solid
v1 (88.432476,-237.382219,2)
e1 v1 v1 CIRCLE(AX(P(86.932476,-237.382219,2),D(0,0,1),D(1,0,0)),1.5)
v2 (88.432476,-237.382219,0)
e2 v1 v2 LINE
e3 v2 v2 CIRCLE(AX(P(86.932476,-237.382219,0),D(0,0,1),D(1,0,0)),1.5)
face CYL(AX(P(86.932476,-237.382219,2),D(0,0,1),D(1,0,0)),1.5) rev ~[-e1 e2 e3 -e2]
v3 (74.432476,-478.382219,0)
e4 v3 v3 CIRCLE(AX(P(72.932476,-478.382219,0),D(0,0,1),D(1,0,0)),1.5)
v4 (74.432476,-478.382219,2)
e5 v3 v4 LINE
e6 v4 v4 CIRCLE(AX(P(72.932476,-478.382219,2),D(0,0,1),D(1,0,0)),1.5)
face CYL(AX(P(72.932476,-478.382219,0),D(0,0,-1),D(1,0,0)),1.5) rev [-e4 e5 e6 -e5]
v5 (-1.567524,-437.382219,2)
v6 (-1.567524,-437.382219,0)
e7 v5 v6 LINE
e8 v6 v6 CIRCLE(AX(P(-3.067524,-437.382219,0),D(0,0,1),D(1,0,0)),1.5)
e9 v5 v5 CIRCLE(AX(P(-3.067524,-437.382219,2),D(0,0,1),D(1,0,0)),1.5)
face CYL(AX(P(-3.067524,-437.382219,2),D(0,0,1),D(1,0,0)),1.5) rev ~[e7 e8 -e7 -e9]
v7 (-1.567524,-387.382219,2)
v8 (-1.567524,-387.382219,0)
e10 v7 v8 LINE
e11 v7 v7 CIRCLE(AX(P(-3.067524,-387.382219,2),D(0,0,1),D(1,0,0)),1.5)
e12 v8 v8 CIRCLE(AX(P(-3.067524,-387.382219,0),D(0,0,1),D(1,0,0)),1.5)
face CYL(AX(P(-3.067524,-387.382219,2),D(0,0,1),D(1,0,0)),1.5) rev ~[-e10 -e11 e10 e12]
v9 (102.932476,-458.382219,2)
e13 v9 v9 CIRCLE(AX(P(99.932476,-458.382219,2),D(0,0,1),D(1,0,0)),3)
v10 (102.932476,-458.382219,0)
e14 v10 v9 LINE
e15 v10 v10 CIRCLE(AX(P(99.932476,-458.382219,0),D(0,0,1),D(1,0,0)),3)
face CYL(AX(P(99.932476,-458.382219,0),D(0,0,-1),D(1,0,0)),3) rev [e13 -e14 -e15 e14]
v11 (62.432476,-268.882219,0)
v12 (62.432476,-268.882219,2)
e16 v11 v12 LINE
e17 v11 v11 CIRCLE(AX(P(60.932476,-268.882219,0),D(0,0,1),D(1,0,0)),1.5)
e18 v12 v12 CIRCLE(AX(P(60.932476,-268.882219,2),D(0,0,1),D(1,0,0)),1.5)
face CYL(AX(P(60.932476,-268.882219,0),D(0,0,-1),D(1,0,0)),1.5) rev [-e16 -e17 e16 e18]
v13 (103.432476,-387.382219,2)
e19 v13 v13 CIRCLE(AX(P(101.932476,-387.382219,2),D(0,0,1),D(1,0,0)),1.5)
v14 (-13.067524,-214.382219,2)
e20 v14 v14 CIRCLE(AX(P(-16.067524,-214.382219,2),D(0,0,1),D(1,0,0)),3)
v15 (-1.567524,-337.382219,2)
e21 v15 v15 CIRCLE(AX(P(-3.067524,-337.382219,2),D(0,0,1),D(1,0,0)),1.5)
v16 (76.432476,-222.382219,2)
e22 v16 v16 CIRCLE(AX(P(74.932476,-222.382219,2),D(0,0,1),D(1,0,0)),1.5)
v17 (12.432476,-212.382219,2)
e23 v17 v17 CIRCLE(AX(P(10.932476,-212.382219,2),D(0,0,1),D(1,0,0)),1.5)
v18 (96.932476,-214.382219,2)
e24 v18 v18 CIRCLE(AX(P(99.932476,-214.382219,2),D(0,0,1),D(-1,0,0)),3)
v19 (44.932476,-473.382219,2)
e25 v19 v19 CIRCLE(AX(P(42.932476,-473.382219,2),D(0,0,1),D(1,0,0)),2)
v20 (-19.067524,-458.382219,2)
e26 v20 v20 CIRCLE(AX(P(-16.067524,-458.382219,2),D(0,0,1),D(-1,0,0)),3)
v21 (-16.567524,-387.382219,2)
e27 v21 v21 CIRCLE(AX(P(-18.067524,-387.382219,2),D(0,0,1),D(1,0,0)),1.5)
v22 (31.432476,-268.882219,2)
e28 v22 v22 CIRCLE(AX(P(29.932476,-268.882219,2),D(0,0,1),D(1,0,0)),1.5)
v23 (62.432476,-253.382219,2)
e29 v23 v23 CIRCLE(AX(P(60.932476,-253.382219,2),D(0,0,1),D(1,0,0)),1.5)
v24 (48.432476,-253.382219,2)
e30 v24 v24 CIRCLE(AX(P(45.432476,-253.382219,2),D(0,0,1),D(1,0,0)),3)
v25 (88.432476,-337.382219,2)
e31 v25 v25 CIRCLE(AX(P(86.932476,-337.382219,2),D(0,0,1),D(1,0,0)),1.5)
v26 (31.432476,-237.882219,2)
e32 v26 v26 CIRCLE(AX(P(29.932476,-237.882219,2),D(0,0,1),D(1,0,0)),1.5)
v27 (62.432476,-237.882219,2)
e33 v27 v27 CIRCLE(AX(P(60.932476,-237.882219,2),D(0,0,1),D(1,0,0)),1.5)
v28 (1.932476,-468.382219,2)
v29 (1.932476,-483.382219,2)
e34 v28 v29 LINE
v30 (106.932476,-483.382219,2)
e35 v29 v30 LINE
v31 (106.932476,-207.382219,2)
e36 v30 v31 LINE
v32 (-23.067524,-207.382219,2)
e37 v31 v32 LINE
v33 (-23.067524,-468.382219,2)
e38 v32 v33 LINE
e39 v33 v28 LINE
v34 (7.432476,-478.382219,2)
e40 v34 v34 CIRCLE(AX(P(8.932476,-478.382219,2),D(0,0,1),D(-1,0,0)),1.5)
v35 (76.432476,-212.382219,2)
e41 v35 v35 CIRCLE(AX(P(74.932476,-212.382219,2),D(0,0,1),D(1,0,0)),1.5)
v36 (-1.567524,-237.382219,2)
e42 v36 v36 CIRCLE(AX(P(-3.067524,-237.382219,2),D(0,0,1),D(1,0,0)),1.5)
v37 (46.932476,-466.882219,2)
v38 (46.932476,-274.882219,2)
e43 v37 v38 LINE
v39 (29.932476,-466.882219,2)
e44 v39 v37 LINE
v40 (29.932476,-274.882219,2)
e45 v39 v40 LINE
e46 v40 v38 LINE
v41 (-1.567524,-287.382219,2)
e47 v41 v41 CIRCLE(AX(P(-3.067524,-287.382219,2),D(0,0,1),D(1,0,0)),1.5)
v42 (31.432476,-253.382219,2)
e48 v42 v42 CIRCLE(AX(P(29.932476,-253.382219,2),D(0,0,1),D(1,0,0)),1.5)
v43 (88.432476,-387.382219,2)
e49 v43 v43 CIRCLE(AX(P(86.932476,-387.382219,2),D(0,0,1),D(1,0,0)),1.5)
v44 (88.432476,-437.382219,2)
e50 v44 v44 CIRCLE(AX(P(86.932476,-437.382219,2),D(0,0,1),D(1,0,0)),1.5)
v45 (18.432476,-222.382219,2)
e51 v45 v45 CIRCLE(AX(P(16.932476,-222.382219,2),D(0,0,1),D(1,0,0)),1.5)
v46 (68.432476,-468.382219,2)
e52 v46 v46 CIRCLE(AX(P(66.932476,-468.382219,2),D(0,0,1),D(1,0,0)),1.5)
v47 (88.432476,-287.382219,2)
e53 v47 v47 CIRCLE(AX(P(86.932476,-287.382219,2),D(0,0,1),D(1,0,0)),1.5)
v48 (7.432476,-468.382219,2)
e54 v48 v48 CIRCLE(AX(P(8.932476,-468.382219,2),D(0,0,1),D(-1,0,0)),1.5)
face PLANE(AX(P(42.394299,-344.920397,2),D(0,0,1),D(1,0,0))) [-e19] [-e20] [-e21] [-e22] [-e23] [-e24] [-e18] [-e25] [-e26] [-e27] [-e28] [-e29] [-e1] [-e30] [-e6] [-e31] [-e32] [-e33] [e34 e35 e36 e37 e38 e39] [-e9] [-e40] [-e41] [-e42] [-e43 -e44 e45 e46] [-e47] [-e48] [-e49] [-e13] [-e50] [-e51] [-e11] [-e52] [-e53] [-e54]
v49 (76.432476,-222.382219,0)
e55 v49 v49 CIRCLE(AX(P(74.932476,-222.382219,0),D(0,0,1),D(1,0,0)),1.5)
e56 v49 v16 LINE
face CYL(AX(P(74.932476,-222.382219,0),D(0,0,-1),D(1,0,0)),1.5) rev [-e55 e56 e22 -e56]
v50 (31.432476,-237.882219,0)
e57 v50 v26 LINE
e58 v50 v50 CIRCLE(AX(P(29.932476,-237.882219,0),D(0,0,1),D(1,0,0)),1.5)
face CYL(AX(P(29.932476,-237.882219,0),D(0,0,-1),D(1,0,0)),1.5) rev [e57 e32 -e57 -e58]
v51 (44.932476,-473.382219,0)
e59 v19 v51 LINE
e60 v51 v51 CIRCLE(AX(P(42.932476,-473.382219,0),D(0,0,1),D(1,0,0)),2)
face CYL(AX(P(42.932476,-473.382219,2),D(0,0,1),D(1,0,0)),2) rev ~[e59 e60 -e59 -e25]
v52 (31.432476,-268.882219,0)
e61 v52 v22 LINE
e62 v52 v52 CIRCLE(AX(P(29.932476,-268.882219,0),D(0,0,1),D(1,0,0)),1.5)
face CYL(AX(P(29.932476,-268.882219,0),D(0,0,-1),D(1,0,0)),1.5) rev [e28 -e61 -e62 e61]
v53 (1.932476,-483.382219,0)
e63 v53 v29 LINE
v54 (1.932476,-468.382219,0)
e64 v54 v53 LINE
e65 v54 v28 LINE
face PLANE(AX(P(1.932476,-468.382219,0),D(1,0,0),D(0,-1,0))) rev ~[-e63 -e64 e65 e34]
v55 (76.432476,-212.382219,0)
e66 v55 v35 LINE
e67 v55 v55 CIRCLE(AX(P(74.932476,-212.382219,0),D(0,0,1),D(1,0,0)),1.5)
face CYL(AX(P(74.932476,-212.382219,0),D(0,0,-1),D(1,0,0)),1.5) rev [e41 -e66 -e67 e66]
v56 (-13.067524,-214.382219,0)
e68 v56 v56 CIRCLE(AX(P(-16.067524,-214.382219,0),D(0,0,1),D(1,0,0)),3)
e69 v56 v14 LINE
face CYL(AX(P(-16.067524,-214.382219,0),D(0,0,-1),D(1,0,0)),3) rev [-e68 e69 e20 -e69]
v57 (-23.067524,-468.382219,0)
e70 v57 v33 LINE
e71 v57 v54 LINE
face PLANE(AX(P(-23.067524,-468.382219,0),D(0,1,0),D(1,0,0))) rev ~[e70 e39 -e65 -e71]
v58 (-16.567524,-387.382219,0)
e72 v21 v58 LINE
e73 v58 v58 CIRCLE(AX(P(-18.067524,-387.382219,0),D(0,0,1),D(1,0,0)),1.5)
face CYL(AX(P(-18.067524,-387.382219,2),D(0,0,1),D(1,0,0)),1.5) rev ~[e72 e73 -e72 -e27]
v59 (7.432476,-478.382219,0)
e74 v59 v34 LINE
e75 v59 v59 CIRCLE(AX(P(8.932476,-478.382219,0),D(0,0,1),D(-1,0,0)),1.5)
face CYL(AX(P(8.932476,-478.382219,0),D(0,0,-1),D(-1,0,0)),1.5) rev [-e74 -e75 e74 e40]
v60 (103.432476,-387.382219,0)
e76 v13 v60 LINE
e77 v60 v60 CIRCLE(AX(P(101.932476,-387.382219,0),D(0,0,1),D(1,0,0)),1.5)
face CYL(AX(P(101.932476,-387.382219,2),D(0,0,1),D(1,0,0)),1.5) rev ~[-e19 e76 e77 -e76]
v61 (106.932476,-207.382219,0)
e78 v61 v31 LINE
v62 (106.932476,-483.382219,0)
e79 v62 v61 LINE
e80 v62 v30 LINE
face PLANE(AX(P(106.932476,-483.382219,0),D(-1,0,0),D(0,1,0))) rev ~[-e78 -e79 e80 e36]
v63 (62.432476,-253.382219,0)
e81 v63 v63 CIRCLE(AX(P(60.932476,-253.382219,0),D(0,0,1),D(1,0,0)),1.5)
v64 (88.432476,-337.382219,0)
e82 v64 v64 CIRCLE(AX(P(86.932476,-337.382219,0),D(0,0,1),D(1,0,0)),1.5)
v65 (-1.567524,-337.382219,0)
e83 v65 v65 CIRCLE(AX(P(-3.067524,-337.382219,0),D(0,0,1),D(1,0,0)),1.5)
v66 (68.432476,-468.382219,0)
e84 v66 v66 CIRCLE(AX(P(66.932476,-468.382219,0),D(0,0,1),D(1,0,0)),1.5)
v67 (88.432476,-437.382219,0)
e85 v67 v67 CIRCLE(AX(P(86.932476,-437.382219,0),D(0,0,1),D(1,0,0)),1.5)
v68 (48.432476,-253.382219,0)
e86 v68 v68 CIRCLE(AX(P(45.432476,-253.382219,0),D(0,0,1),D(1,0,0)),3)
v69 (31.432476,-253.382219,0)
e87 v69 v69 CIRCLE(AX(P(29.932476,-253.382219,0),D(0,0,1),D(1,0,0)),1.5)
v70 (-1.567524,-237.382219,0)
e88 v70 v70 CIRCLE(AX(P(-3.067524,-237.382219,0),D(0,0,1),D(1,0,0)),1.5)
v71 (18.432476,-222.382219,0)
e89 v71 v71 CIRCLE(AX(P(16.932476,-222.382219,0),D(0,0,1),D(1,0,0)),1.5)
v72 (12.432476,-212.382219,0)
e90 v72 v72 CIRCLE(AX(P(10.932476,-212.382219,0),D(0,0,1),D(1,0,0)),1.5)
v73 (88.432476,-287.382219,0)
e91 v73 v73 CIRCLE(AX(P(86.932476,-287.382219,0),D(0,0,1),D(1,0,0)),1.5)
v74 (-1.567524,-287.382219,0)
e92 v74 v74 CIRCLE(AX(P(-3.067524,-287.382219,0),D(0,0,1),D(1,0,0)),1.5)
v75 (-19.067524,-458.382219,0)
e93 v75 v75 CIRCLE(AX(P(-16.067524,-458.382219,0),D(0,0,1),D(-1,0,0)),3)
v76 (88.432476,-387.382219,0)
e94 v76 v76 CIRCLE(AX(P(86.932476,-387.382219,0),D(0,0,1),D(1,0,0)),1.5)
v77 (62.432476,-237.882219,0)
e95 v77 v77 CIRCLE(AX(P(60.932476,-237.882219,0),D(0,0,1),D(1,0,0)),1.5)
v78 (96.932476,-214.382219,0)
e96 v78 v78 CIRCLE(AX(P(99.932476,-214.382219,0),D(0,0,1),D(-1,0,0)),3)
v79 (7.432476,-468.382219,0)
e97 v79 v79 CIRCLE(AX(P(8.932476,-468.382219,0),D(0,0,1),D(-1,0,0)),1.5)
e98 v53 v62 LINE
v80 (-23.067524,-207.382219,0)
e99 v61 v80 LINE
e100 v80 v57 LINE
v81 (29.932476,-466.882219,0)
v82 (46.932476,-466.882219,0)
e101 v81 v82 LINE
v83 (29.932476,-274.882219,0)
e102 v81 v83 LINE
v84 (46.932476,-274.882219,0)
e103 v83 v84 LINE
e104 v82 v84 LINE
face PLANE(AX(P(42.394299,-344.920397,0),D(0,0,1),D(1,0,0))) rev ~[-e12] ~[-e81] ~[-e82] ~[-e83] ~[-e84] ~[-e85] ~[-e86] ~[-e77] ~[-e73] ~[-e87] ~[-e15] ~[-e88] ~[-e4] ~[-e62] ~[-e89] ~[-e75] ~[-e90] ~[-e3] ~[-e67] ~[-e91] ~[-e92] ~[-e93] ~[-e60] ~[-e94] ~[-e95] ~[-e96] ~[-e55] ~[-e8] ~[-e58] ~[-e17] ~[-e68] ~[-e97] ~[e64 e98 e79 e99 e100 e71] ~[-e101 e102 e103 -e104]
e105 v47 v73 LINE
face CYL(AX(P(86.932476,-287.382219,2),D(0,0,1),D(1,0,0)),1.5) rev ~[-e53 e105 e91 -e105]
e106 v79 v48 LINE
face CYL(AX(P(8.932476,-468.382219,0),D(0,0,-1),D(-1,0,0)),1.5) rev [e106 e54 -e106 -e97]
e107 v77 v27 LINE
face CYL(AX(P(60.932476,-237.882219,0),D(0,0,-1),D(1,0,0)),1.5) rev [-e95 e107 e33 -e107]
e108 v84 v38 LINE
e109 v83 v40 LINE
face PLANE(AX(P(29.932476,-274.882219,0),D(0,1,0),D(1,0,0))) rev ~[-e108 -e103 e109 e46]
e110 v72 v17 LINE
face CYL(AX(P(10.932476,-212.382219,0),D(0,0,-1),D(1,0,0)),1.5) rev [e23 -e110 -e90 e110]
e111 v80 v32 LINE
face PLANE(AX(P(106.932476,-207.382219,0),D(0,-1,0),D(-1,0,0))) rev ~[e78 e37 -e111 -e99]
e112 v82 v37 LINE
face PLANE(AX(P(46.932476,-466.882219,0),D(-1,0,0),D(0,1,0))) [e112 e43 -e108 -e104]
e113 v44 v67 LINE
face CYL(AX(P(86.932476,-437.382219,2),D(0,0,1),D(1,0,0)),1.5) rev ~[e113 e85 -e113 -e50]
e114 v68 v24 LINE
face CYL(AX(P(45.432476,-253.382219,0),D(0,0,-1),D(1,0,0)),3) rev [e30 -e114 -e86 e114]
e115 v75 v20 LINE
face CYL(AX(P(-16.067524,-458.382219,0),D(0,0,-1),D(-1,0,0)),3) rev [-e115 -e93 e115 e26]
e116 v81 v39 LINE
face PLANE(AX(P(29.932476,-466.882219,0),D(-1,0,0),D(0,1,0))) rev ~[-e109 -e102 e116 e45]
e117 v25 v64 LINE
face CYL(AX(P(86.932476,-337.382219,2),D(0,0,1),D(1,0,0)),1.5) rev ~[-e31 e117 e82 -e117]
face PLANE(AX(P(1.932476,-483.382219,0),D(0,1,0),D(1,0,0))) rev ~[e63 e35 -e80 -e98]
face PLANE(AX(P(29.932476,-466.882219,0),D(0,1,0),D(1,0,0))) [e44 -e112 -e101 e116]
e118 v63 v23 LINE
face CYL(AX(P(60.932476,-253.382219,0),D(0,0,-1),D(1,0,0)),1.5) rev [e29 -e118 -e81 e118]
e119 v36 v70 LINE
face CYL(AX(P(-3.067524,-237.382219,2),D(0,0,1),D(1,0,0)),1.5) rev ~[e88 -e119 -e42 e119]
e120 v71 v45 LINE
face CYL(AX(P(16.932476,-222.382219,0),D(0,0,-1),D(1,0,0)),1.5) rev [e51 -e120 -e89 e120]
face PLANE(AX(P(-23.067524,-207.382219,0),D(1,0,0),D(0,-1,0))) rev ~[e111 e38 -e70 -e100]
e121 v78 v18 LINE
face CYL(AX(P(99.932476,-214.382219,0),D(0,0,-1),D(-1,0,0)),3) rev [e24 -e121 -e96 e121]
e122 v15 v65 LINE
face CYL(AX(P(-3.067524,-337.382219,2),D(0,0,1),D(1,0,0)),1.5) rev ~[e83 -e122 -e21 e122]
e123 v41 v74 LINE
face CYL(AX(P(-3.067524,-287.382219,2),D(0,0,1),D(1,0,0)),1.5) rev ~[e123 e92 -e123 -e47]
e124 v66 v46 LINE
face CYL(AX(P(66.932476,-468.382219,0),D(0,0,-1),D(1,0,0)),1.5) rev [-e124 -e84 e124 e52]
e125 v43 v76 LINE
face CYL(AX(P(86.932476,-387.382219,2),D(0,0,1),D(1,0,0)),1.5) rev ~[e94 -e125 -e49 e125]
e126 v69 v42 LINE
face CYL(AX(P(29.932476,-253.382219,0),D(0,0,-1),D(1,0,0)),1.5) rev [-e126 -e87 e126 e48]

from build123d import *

# Parameters (mm, degrees)
ESQUISSE1_R      = 3
ESQUISSE1_R_2    = 1.5
ESQUISSE1_W      = 17
ESQUISSE1_H      = 192
EXTRUSION1_DEPTH = 2
ESQUISSE3_R      = 1.5
ESQUISSE3_R_2    = 2
EXTRUSION2_DEPTH = 10


with BuildPart() as part:
    # Esquisse1 → Extrusion1 (new body)
    with BuildSketch(Plane.XY):
        Polygon((1.932476129, -483.38221942), (106.932476129, -483.38221942), (106.932476129, -207.38221942), (-23.067523871, -207.38221942), (-23.067523871, -468.38221942), (1.932476129, -468.38221942), align=None)
        with Locations((-16.067523871, -214.38221942)):
            Circle(ESQUISSE1_R, mode=Mode.SUBTRACT)
        with Locations(Location((8.932476129, -468.38221942, 0), (0, 0, 180))):
            Circle(ESQUISSE1_R_2, mode=Mode.SUBTRACT)
        with Locations((10.932476129, -212.38221942)):
            Circle(ESQUISSE1_R_2, mode=Mode.SUBTRACT)
        with Locations(Location((8.932476129, -478.38221942, 0), (0, 0, 180))):
            Circle(ESQUISSE1_R_2, mode=Mode.SUBTRACT)
        with Locations((60.932476129, -268.88221942)):
            Circle(ESQUISSE1_R_2, mode=Mode.SUBTRACT)
        with Locations((29.932476129, -268.88221942)):
            Circle(ESQUISSE1_R_2, mode=Mode.SUBTRACT)
        with Locations((29.932476129, -237.88221942)):
            Circle(ESQUISSE1_R_2, mode=Mode.SUBTRACT)
        with Locations((60.932476129, -237.88221942)):
            Circle(ESQUISSE1_R_2, mode=Mode.SUBTRACT)
        with Locations((29.932476129, -253.38221942)):
            Circle(ESQUISSE1_R_2, mode=Mode.SUBTRACT)
        with Locations((60.932476129, -253.38221942)):
            Circle(ESQUISSE1_R_2, mode=Mode.SUBTRACT)
        with Locations((16.932476129, -222.38221942)):
            Circle(ESQUISSE1_R_2, mode=Mode.SUBTRACT)
        with Locations((72.932476129, -478.38221942)):
            Circle(ESQUISSE1_R_2, mode=Mode.SUBTRACT)
        with Locations((45.432476129, -253.38221942)):
            Circle(ESQUISSE1_R, mode=Mode.SUBTRACT)
        with Locations((66.932476129, -468.38221942)):
            Circle(ESQUISSE1_R_2, mode=Mode.SUBTRACT)
        with Locations((74.932476129, -222.38221942)):
            Circle(ESQUISSE1_R_2, mode=Mode.SUBTRACT)
        with Locations(Location((99.932476129, -214.38221942, 0), (0, 0, 180))):
            Circle(ESQUISSE1_R, mode=Mode.SUBTRACT)
        with Locations((74.932476129, -212.38221942)):
            Circle(ESQUISSE1_R_2, mode=Mode.SUBTRACT)
        with Locations(Location((-16.067523871, -458.38221942, 0), (0, 0, 180))):
            Circle(ESQUISSE1_R, mode=Mode.SUBTRACT)
        with Locations((99.932476129, -458.38221942)):
            Circle(ESQUISSE1_R, mode=Mode.SUBTRACT)
        with Locations((38.432476129, -370.88221942)):
            Rectangle(ESQUISSE1_W, ESQUISSE1_H, mode=Mode.SUBTRACT)
    extrude(amount=EXTRUSION1_DEPTH)

    # Esquisse3 → Extrusion2 (cut)
    with BuildSketch(Plane.XY.offset(2)):
        with Locations((-3.067523871, -237.38221942)):
            Circle(ESQUISSE3_R)
        with Locations((86.932476129, -237.38221942)):
            Circle(ESQUISSE3_R)
        with Locations((86.932476129, -437.38221942)):
            Circle(ESQUISSE3_R)
        with Locations((-3.067523871, -437.38221942)):
            Circle(ESQUISSE3_R)
        with Locations((-3.067523871, -337.38221942)):
            Circle(ESQUISSE3_R)
        with Locations((86.932476129, -337.38221942)):
            Circle(ESQUISSE3_R)
        with Locations((-3.067523871, -287.38221942)):
            Circle(ESQUISSE3_R)
        with Locations((86.932476129, -287.38221942)):
            Circle(ESQUISSE3_R)
        with Locations((-3.067523871, -387.38221942)):
            Circle(ESQUISSE3_R)
        with Locations((86.932476129, -387.38221942)):
            Circle(ESQUISSE3_R)
        with Locations((42.932476129, -473.38221942)):
            Circle(ESQUISSE3_R_2)
        with Locations((-18.067523871, -203.38221942)):
            Circle(ESQUISSE3_R)
        with Locations((101.932476129, -203.38221942)):
            Circle(ESQUISSE3_R)
        with Locations((-18.067523871, -387.38221942)):
            Circle(ESQUISSE3_R)
        with Locations((101.932476129, -387.38221942)):
            Circle(ESQUISSE3_R)
    extrude(amount=-EXTRUSION2_DEPTH, mode=Mode.SUBTRACT)


solid = part.part
